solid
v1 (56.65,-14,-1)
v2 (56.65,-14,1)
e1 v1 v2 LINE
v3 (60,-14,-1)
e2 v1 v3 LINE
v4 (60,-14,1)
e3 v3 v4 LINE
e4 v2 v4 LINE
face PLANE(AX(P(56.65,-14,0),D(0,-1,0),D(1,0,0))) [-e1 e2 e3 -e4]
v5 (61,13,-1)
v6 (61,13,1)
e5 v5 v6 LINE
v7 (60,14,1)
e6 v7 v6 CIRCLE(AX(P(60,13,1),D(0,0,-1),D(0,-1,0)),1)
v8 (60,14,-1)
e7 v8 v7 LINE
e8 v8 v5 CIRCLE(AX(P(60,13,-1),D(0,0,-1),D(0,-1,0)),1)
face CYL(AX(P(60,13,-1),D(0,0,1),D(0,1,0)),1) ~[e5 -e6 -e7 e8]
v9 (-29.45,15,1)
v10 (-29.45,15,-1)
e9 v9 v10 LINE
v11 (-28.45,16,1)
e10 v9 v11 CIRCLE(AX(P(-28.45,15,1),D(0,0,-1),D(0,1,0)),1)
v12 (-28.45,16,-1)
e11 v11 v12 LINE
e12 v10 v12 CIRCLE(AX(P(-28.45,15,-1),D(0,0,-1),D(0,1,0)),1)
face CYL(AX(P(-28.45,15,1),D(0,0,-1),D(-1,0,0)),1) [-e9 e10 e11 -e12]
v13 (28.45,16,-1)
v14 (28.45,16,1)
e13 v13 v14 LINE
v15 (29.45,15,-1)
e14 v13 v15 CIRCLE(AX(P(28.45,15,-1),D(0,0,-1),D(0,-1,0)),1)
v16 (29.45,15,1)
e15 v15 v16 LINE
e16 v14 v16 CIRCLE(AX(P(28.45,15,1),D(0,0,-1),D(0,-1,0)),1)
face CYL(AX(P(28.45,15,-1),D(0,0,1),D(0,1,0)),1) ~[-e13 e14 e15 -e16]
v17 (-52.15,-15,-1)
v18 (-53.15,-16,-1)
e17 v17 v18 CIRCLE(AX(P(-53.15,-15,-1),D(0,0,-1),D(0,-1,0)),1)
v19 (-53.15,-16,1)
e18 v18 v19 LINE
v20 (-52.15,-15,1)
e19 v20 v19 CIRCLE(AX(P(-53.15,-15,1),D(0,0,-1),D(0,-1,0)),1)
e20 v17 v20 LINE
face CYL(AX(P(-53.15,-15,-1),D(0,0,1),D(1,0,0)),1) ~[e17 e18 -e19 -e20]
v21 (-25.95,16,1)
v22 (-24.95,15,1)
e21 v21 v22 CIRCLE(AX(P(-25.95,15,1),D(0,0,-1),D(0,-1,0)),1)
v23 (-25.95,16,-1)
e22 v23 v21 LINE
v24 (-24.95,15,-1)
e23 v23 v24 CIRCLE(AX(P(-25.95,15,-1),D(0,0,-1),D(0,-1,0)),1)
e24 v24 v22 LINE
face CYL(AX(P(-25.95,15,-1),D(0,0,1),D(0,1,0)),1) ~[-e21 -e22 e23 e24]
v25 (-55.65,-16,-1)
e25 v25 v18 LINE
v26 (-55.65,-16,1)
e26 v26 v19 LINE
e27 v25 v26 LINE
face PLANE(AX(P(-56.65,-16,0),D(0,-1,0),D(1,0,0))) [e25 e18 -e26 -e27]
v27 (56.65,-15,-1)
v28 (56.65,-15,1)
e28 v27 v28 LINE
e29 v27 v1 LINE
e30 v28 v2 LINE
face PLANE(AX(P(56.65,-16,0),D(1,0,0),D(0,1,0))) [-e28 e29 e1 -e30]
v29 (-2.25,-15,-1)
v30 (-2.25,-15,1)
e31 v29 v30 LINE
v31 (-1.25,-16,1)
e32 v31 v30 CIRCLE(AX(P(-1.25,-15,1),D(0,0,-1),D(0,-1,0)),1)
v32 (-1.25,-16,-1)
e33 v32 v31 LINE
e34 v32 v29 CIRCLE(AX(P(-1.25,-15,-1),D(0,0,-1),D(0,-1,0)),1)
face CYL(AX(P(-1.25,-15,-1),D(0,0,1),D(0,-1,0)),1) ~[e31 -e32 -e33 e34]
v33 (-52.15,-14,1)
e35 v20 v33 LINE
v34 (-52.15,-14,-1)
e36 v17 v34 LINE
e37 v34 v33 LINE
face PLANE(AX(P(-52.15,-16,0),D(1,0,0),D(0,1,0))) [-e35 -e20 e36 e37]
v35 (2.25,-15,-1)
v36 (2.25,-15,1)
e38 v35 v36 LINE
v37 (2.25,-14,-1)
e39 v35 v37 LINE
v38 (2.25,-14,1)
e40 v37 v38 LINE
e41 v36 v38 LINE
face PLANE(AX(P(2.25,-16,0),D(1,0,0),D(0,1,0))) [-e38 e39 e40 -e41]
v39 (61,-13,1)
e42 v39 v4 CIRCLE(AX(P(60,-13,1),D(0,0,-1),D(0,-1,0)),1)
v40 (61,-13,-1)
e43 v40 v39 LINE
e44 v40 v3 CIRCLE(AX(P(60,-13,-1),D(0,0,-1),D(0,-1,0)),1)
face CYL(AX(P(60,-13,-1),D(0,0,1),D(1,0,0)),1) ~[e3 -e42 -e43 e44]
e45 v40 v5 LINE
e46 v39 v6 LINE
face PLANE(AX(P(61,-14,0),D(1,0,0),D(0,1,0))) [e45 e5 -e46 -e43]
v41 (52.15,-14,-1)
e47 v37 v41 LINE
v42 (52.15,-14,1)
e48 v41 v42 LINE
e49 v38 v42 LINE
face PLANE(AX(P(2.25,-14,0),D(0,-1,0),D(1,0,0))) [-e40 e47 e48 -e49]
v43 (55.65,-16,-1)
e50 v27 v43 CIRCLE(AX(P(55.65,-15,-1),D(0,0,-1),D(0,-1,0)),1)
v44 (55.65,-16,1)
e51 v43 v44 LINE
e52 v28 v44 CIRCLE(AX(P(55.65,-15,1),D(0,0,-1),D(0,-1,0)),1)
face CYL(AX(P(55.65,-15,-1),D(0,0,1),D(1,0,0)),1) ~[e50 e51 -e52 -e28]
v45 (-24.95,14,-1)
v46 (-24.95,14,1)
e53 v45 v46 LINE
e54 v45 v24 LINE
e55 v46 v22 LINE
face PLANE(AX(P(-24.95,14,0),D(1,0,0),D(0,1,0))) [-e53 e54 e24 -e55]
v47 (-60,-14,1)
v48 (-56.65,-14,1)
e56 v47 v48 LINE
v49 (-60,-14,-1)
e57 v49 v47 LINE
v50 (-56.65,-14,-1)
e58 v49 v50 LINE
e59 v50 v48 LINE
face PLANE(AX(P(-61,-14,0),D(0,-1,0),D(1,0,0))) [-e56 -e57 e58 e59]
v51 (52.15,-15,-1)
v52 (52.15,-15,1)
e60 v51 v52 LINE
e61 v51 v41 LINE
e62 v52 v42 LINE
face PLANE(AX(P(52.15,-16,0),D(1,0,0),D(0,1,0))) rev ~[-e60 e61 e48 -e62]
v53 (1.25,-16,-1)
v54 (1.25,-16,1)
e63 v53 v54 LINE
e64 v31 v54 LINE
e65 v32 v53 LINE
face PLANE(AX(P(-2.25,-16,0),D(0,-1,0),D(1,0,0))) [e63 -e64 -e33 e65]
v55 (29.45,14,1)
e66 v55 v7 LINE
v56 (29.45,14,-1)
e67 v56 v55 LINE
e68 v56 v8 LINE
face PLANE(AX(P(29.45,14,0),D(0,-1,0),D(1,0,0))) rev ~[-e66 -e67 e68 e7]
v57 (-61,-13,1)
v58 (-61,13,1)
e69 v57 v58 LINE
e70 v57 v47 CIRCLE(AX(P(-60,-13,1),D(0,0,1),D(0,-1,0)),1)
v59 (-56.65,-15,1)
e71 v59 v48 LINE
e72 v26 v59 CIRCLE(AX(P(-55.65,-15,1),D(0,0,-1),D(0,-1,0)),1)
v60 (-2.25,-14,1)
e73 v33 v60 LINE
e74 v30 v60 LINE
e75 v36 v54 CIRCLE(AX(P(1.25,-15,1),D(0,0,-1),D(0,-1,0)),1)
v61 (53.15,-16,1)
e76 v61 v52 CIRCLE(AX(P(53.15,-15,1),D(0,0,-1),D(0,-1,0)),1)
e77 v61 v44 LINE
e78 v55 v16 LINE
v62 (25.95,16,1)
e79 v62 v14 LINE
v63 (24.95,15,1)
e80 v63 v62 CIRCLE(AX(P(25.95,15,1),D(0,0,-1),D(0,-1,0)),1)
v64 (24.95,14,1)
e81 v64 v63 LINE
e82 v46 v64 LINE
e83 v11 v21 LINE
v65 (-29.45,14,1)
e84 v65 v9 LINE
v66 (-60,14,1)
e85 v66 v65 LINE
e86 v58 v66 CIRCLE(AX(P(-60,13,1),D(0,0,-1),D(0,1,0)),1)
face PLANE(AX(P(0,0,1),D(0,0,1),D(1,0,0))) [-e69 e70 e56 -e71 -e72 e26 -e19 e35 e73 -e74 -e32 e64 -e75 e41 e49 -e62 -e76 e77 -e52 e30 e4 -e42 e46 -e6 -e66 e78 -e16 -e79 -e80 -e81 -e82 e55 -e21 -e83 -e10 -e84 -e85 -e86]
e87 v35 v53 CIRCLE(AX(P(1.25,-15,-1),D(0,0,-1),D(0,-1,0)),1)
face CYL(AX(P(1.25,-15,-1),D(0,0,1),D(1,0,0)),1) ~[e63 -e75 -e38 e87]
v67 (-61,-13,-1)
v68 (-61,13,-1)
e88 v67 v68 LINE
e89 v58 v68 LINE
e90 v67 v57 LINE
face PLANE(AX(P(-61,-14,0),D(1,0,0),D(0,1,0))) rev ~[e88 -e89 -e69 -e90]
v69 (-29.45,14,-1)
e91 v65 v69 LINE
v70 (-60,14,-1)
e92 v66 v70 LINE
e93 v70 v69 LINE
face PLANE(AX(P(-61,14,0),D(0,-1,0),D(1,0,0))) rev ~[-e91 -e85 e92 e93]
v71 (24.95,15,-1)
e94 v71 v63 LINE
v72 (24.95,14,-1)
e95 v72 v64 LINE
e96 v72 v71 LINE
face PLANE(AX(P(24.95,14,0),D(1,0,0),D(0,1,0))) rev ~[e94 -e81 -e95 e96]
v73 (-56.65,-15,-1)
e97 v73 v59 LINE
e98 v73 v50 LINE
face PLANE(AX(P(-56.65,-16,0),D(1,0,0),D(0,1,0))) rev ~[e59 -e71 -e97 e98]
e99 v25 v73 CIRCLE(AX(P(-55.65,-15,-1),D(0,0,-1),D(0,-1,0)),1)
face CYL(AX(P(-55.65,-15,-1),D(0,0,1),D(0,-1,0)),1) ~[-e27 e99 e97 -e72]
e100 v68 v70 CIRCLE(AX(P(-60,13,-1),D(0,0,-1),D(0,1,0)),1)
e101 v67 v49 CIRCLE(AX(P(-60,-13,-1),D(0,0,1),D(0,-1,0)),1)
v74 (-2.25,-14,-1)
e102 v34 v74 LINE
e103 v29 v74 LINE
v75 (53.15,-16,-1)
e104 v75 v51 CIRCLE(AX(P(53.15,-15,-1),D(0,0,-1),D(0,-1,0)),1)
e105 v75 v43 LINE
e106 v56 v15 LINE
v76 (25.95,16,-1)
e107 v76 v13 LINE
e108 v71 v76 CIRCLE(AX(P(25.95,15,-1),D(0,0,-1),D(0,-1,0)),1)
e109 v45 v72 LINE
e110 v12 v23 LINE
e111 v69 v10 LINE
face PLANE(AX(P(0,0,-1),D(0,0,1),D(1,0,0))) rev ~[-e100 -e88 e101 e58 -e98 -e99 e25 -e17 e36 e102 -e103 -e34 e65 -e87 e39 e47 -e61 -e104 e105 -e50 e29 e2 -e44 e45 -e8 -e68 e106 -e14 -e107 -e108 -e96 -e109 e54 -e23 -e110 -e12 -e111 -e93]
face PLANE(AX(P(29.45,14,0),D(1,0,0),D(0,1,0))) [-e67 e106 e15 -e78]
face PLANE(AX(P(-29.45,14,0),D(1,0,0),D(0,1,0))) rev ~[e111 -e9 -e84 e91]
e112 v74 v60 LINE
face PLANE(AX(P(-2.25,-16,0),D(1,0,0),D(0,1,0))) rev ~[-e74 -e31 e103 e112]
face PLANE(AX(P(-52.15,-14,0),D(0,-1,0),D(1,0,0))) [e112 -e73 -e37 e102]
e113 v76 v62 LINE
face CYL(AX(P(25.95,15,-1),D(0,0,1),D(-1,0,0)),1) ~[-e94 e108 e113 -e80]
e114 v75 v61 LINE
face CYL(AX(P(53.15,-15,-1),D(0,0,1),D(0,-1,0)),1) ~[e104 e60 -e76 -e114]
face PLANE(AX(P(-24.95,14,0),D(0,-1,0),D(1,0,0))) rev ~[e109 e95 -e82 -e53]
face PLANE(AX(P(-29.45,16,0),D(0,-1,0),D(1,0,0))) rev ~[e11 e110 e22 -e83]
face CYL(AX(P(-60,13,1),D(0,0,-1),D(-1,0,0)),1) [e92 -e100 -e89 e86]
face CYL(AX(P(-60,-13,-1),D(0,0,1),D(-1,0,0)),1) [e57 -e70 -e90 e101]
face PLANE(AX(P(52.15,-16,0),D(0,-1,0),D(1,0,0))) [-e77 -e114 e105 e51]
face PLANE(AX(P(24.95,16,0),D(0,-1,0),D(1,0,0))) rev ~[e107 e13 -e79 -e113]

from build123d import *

# Parameters (mm, degrees)
SKETCH1_W           = 122
SKETCH1_H           = 28
SKETCH1_W_2         = 4.5
SKETCH1_H_2         = 2
BOSS_EXTRUDE1_DEPTH = 1
FILLET1_R           = 1


with BuildPart() as part:
    # Sketch1 → Boss-Extrude1 (new, symmetric)
    with BuildSketch(Plane.XY):
        Rectangle(SKETCH1_W, SKETCH1_H)
        with Locations((0, -15)):
            Rectangle(SKETCH1_W_2, SKETCH1_H_2)
        with Locations((27.2, 15)):
            Rectangle(SKETCH1_W_2, SKETCH1_H_2)
        with Locations((-27.2, 15)):
            Rectangle(SKETCH1_W_2, SKETCH1_H_2)
        with Locations((-54.4, -15)):
            Rectangle(SKETCH1_W_2, SKETCH1_H_2)
        with Locations((54.4, -15)):
            Rectangle(SKETCH1_W_2, SKETCH1_H_2)
    extrude(amount=BOSS_EXTRUDE1_DEPTH, both=True)

    # Fillet1
    fillet1_edges = [part.edges().sort_by_distance(p)[0] for p in [
        (61, -14, 0),
        (2.25, -16, 0),
        (-2.25, -16, 0),
        (-61, -14, 0),
        (-61, 14, 0),
        (-29.45, 16, 0),
        (-24.95, 16, 0),
        (24.95, 16, 0),
        (29.45, 16, 0),
        (61, 14, 0),
        (-56.65, -16, 0),
        (-52.15, -16, 0),
        (52.15, -16, 0),
        (56.65, -16, 0),
    ]]
    fillet(fillet1_edges, radius=FILLET1_R)


solid = part.part
